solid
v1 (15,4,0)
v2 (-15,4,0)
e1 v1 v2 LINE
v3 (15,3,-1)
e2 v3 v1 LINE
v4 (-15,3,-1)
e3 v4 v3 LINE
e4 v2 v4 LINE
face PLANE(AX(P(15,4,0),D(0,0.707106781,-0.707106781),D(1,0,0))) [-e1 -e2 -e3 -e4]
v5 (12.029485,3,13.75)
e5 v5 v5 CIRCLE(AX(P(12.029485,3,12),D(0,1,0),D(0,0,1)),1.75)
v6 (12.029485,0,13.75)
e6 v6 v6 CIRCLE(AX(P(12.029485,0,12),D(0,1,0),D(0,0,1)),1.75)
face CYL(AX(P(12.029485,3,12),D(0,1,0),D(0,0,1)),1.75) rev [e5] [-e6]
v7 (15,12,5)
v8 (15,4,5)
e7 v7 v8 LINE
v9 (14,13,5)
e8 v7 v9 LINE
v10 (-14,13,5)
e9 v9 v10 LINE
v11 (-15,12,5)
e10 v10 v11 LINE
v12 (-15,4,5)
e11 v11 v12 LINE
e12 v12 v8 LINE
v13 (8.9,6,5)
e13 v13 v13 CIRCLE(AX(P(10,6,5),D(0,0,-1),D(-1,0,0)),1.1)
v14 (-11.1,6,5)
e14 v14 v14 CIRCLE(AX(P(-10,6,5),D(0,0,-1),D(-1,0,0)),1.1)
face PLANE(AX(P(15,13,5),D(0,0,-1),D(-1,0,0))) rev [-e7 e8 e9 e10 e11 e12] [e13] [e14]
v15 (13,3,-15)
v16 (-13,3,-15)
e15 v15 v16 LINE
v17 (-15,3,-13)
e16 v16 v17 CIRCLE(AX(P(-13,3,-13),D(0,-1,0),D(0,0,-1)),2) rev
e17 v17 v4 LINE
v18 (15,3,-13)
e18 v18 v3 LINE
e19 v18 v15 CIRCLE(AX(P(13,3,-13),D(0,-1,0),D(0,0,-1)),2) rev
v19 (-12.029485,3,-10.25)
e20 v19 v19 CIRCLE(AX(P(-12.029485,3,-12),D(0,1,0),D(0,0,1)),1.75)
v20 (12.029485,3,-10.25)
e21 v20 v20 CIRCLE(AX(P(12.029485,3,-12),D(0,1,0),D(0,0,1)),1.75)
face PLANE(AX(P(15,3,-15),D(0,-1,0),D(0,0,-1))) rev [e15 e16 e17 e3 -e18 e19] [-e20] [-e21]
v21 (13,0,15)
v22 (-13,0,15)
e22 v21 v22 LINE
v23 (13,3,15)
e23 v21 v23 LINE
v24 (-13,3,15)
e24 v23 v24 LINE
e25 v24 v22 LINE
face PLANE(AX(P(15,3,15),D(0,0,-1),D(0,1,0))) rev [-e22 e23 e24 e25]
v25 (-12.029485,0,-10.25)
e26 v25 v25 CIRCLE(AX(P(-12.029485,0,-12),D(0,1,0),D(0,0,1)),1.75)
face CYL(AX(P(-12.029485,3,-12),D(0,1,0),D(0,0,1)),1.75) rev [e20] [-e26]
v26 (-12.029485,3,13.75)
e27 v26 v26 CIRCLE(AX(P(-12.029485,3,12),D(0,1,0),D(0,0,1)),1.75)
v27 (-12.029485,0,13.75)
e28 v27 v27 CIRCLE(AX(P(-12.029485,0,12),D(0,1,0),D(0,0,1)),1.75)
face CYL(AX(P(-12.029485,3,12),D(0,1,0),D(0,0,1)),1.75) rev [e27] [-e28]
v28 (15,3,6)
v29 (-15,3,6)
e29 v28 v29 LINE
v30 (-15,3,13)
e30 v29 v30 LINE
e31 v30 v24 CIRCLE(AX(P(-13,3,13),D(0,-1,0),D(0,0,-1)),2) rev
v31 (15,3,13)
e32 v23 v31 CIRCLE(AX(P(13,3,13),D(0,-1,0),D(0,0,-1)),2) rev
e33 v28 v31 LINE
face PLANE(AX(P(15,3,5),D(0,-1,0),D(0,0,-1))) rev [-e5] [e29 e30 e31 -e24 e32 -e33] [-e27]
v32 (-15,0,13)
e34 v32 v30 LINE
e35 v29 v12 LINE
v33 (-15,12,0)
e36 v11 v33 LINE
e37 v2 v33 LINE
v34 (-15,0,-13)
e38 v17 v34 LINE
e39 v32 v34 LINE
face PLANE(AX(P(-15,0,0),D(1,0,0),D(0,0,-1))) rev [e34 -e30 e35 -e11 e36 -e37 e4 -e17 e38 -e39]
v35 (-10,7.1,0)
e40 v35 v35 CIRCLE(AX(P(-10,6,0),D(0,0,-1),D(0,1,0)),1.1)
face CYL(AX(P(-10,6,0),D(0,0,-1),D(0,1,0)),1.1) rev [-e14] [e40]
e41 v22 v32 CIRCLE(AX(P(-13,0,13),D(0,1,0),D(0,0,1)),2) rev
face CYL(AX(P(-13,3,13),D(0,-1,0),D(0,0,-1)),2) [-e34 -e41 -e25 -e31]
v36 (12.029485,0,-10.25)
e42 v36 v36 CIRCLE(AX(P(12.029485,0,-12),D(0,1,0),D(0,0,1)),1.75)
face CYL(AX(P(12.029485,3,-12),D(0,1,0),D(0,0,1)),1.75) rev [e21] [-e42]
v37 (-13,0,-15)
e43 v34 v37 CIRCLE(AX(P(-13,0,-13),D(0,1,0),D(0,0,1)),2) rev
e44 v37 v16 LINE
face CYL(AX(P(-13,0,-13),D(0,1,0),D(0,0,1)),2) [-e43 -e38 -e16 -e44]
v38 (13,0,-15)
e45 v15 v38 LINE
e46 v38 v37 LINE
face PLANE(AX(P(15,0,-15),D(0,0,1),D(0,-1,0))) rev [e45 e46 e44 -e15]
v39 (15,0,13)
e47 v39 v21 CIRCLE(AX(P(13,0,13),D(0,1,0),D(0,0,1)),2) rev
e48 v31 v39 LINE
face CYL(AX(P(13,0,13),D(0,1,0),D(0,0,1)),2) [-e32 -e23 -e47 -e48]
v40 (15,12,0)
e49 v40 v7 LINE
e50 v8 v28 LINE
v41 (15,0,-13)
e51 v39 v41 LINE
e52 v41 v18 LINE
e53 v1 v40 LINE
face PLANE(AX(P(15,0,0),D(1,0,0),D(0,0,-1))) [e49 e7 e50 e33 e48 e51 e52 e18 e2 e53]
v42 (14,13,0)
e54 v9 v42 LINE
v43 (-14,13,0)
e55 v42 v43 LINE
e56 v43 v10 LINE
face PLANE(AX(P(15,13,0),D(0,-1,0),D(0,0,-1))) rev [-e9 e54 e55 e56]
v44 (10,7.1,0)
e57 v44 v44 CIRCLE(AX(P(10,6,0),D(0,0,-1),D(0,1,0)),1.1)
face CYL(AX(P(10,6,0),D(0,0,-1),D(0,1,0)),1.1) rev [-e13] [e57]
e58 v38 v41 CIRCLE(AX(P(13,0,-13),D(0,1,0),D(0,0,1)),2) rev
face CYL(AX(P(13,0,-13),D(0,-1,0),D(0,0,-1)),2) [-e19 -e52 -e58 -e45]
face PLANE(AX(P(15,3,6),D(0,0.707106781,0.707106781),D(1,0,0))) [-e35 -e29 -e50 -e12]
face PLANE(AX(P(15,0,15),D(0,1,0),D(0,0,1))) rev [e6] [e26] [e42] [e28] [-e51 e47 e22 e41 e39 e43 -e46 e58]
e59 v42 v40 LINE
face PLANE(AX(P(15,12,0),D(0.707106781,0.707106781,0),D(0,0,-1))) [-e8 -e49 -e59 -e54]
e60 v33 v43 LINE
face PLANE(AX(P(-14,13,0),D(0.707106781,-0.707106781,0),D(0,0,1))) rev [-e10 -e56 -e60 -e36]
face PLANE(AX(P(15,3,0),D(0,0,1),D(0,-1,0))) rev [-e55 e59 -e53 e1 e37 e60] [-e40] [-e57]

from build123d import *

# Parameters (mm, degrees)
BOSS_EXTRUDE1_DEPTH        = 15
F_3_5_3_5_DIAMETER_HOLE1_D = 3.5
FILLET1_R                  = 2
F_2_2_2_2_DIAMETER_HOLE1_D = 2.2
CHAMFER1_SIZE              = 1
CHAMFER2_SIZE              = 1


with BuildPart() as part:
    # Sketch1 → Boss-Extrude1 (new, symmetric)
    with BuildSketch(Plane(origin=(0, 0, 0), x_dir=(0, 0, -1), z_dir=(1, 0, 0))):
        Polygon((-15, 0), (15, 0), (15, 3), (0, 3), (0, 13), (-5, 13), (-5, 3), (-15, 3), align=None)
    extrude(amount=BOSS_EXTRUDE1_DEPTH, both=True)

    # Ø3.5 (3.5) Diameter Hole1 (through all)
    with Locations(Plane(origin=(0, 3, 0), x_dir=(1, 0, 0), z_dir=(0, 1, 0))):
        with Locations((-12.02948497, 12), (12.02948497, 12), (-12.02948497, -12), (12.02948497, -12)):
            Hole(F_3_5_3_5_DIAMETER_HOLE1_D / 2)

    # Fillet1
    fillet1_edges = [part.edges().sort_by_distance(p)[0] for p in [
        (-15, 1.5, -15),
        (15, 1.5, 15),
        (15, 1.5, -15),
        (-15, 1.5, 15),
    ]]
    fillet(fillet1_edges, radius=FILLET1_R)

    # Ø2.2 (2.2) Diameter Hole1 (through all)
    with Locations(Plane(origin=(0, 0, 0), x_dir=(-1, 0, 0), z_dir=(0, 0, -1))):
        with Locations((-10, 6), (10, 6)):
            Hole(F_2_2_2_2_DIAMETER_HOLE1_D / 2)

    # Chamfer1
    chamfer1_edges = [part.edges().sort_by_distance(p)[0] for p in [
        (0, 3, 5),
        (0, 3, 0),
    ]]
    chamfer(chamfer1_edges, length=CHAMFER1_SIZE)

    # Chamfer2
    chamfer2_edges = [part.edges().sort_by_distance(p)[0] for p in [
        (-15, 13, 2.5),
        (15, 13, 2.5),
    ]]
    chamfer(chamfer2_edges, length=CHAMFER2_SIZE)


solid = part.part
